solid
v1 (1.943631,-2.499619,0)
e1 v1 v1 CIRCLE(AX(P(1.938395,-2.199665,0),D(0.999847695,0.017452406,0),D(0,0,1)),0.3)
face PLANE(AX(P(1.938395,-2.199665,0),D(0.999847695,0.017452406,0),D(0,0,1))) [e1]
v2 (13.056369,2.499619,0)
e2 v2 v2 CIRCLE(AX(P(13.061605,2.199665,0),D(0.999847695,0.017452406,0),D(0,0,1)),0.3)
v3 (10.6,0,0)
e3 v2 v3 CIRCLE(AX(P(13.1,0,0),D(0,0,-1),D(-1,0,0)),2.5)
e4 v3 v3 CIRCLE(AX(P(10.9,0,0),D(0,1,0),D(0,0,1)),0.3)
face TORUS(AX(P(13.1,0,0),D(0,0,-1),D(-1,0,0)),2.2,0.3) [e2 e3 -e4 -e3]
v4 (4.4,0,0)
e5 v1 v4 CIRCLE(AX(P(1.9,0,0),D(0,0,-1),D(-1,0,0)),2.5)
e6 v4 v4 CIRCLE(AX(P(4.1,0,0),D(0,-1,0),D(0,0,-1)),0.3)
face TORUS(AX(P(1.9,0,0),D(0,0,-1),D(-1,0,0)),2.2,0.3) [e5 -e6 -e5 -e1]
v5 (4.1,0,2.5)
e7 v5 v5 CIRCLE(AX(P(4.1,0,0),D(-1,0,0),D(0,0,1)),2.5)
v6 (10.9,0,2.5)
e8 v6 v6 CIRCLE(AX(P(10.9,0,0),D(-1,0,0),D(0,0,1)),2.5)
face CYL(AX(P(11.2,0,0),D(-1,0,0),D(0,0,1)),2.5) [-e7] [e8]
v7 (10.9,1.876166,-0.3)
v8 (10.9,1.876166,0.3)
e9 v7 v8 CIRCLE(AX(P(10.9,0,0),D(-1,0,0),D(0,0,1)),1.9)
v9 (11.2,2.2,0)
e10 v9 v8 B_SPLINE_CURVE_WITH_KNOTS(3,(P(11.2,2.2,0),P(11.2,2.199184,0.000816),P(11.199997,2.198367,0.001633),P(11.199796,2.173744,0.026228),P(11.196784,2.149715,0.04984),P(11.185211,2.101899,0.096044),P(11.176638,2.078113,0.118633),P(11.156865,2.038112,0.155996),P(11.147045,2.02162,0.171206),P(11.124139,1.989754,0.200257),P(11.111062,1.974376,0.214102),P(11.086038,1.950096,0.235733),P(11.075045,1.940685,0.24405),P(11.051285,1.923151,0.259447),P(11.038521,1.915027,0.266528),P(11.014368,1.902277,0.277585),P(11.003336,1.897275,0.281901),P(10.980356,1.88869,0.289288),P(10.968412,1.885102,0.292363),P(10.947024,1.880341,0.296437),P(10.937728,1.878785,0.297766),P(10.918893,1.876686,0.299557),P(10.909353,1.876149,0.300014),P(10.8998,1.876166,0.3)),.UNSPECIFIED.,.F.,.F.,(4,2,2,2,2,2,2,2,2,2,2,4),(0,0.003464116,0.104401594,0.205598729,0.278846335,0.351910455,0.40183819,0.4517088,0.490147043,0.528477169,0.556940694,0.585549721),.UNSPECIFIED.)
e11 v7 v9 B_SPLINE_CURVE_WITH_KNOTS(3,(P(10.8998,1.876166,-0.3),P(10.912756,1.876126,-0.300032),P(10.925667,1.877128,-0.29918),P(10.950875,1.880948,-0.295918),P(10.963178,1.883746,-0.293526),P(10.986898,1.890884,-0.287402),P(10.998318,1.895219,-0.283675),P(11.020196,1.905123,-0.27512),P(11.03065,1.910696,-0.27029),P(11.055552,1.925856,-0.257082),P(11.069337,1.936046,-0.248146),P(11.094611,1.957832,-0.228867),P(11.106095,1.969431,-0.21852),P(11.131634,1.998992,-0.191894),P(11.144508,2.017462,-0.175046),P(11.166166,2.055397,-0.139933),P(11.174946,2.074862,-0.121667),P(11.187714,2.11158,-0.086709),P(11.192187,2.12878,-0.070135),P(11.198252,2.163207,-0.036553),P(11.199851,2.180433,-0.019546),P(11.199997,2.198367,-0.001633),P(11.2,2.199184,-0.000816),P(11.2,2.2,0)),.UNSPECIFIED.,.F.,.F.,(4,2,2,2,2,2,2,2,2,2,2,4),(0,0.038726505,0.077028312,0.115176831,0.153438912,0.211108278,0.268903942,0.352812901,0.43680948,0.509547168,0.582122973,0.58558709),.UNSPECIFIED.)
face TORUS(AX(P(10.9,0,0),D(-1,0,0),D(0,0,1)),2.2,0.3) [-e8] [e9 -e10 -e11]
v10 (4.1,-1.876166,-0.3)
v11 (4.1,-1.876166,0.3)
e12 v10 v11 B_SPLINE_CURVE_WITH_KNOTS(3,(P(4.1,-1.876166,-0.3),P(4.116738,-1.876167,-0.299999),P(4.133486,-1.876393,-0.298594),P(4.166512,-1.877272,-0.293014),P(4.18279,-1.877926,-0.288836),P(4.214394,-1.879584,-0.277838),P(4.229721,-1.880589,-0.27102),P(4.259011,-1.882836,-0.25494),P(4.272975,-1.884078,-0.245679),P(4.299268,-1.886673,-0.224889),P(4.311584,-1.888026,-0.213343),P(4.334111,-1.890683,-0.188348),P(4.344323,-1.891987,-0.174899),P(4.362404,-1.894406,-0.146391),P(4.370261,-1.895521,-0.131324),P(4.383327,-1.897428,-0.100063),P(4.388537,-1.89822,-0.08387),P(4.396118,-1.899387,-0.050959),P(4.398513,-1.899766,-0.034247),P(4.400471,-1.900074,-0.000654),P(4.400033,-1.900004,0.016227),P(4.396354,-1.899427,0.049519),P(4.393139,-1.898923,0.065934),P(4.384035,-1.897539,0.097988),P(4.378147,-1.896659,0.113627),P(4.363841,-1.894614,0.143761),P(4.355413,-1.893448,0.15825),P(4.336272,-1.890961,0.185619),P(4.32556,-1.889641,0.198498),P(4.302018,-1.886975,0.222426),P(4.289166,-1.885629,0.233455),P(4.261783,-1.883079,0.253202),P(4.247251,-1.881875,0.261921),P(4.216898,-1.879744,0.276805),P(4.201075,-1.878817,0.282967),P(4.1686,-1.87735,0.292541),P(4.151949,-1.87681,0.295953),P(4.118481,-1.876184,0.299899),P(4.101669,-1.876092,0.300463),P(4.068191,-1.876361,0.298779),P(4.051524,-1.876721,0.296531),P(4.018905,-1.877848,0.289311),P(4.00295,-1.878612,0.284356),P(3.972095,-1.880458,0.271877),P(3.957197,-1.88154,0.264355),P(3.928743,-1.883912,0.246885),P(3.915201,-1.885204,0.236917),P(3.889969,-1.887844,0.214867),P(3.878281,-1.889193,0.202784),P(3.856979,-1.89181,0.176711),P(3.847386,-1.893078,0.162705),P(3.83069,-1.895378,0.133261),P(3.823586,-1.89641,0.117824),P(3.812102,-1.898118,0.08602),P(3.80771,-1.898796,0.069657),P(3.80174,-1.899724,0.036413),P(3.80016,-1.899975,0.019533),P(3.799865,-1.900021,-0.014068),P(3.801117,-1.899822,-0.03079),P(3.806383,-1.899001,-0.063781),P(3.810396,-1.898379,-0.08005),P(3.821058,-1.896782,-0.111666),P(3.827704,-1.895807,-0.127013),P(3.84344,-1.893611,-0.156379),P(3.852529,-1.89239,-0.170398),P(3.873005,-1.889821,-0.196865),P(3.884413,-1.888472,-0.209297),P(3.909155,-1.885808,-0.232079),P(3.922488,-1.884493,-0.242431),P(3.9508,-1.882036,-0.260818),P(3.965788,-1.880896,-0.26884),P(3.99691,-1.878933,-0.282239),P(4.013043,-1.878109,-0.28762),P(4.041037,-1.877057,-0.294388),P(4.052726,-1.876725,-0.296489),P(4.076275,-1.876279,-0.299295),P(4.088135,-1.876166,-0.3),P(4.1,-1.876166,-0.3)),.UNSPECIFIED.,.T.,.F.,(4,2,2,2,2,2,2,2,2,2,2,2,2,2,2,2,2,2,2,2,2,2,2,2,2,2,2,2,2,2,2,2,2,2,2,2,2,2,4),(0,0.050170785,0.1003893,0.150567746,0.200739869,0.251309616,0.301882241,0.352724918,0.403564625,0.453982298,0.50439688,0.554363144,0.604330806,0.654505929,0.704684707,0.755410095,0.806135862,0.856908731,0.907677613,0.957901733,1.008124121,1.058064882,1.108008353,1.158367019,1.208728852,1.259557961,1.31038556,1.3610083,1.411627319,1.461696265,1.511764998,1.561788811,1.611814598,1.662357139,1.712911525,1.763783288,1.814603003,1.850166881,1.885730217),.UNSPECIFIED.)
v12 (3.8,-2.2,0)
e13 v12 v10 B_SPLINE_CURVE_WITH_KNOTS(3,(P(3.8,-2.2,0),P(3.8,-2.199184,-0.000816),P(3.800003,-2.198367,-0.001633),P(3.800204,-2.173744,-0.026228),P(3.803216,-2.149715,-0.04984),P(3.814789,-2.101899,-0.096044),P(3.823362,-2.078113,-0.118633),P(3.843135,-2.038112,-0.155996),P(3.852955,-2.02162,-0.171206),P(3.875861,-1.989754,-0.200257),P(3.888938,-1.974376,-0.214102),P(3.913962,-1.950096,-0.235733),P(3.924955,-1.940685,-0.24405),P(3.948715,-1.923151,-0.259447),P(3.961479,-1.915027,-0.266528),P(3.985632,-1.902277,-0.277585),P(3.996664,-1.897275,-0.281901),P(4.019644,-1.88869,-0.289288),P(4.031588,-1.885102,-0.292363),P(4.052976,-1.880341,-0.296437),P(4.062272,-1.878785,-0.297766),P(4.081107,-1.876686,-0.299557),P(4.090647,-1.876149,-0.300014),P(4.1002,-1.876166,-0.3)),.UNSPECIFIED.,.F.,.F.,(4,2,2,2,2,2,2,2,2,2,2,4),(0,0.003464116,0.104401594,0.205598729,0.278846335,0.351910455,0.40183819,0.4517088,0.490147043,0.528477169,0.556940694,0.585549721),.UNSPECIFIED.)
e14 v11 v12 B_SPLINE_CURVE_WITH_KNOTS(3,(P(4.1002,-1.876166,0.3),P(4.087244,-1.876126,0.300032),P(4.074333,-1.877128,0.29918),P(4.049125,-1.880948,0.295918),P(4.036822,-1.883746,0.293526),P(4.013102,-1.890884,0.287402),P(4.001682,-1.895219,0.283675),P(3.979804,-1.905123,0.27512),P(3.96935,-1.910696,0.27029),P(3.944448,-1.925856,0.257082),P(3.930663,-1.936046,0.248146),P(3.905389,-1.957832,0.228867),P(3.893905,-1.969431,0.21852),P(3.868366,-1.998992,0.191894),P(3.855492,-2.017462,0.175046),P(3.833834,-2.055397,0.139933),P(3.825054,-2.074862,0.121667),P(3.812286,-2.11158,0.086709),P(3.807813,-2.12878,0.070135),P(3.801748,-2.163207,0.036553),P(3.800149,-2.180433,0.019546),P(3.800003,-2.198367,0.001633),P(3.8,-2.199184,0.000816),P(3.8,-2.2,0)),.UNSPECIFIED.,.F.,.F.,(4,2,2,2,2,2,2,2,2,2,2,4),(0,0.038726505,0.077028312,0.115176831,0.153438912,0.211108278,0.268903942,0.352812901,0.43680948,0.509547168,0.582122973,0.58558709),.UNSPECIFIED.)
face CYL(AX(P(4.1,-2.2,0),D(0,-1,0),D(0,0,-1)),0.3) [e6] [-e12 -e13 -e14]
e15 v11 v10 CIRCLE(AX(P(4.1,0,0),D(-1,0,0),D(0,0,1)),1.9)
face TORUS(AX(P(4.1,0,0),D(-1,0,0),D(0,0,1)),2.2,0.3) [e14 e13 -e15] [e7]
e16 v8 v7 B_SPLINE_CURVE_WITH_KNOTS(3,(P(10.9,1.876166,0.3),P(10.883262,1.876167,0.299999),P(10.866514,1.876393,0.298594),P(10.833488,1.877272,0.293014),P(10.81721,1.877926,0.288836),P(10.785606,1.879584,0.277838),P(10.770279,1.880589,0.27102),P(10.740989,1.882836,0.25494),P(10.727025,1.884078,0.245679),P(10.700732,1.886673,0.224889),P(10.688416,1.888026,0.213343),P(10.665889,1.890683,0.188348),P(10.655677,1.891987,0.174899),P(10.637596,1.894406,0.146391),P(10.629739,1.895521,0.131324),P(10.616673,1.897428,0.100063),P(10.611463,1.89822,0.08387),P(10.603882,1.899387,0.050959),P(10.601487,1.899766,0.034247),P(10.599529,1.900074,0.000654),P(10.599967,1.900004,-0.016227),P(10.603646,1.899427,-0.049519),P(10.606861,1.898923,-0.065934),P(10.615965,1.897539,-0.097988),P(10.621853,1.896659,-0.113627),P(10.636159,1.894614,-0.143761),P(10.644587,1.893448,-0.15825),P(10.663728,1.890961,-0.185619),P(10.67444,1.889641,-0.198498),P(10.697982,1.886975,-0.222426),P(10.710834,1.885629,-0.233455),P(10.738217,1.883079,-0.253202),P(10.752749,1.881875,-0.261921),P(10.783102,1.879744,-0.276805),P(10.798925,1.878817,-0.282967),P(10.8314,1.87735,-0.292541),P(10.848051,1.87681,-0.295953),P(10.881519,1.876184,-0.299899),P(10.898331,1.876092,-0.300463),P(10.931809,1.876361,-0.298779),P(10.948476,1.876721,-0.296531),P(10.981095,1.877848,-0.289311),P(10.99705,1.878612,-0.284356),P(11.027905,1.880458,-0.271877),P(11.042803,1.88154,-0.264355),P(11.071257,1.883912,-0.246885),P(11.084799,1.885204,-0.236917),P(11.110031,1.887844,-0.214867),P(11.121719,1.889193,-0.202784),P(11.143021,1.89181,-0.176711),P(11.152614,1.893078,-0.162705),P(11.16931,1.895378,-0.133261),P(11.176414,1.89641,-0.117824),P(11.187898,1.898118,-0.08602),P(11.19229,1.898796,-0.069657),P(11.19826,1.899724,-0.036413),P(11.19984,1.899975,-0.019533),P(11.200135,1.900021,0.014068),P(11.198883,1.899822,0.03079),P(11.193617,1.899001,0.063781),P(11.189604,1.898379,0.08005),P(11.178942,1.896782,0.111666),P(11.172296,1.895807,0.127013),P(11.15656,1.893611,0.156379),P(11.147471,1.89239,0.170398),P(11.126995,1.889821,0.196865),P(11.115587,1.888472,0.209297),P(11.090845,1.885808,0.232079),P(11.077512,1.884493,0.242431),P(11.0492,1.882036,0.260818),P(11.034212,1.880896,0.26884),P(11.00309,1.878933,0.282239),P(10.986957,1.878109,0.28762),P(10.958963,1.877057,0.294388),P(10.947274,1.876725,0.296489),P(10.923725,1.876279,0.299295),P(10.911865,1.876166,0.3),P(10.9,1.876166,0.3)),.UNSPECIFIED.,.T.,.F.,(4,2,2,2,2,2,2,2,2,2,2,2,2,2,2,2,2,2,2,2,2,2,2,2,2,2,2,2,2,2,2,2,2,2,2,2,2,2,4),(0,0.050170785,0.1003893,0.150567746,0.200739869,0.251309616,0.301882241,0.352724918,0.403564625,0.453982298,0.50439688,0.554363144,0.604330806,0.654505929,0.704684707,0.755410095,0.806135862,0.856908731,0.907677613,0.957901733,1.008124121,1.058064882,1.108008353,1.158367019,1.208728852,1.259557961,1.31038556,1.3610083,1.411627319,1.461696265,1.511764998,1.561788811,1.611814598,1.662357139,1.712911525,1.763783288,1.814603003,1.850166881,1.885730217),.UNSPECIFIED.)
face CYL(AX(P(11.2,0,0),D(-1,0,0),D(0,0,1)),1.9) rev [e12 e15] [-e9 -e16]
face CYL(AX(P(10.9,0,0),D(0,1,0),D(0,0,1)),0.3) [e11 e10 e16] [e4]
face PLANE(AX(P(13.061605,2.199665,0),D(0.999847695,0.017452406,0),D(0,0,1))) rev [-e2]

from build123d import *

# Parameters (mm, degrees)
SKETCH2_W      = 0.3
SKETCH2_H      = 2.2
SKETCH3_R      = 0.3
REVOLVE3_ANGLE = 271
SKETCH4_W      = 0.3
SKETCH4_H      = 2.2
SKETCH5_R      = 0.3
REVOLVE5_ANGLE = 271


with BuildPart() as part:
    # Sketch1 → Revolve1 (revolve)
    with BuildSketch(Plane.XY):
        with BuildLine():
            Line((4.1, 1.9), (10.9, 1.9))
            ThreePointArc((10.9, 1.9), (11.2, 2.2), (10.9, 2.5))
            Line((10.9, 2.5), (4.1, 2.5))
            ThreePointArc((4.1, 2.5), (3.8, 2.2), (4.1, 1.9))
        make_face()
    revolve(axis=Axis((11.2, 0, 0), (-1, 0, 0)))

    # Sketch2 → Revolve2 (revolve)
    with BuildSketch(Plane.XY):
        with Locations((11.05, 1.1)):
            Rectangle(SKETCH2_W, SKETCH2_H)
    revolve(axis=Axis((10.9, 0, 0), (0, 1, 0)))

    # Sketch3 → Revolve3 (revolve)
    with BuildSketch(Plane(origin=(0, 0, 0), x_dir=(-1, 0, 0), z_dir=(0, 1, 0))):
        with Locations((-10.9, 0)):
            Circle(SKETCH3_R)
    revolve(axis=Axis((13.1, 0, -2.5), (0, 0, 1)), revolution_arc=REVOLVE3_ANGLE)

    # Sketch4 → Revolve4 (revolve)
    with BuildSketch(Plane.XY):
        with Locations((4.25, -1.1)):
            Rectangle(SKETCH4_W, SKETCH4_H)
    revolve(axis=Axis((4.1, -2.2, 0), (0, 1, 0)))

    # Sketch5 → Revolve5 (revolve)
    with BuildSketch(Plane(origin=(0, 0, 0), x_dir=(-1, 0, 0), z_dir=(0, 1, 0))):
        with Locations((-4.1, 0)):
            Circle(SKETCH5_R)
    revolve(axis=Axis((1.9, 0, 2.5), (0, 0, 1)), revolution_arc=REVOLVE5_ANGLE)


solid = part.part
